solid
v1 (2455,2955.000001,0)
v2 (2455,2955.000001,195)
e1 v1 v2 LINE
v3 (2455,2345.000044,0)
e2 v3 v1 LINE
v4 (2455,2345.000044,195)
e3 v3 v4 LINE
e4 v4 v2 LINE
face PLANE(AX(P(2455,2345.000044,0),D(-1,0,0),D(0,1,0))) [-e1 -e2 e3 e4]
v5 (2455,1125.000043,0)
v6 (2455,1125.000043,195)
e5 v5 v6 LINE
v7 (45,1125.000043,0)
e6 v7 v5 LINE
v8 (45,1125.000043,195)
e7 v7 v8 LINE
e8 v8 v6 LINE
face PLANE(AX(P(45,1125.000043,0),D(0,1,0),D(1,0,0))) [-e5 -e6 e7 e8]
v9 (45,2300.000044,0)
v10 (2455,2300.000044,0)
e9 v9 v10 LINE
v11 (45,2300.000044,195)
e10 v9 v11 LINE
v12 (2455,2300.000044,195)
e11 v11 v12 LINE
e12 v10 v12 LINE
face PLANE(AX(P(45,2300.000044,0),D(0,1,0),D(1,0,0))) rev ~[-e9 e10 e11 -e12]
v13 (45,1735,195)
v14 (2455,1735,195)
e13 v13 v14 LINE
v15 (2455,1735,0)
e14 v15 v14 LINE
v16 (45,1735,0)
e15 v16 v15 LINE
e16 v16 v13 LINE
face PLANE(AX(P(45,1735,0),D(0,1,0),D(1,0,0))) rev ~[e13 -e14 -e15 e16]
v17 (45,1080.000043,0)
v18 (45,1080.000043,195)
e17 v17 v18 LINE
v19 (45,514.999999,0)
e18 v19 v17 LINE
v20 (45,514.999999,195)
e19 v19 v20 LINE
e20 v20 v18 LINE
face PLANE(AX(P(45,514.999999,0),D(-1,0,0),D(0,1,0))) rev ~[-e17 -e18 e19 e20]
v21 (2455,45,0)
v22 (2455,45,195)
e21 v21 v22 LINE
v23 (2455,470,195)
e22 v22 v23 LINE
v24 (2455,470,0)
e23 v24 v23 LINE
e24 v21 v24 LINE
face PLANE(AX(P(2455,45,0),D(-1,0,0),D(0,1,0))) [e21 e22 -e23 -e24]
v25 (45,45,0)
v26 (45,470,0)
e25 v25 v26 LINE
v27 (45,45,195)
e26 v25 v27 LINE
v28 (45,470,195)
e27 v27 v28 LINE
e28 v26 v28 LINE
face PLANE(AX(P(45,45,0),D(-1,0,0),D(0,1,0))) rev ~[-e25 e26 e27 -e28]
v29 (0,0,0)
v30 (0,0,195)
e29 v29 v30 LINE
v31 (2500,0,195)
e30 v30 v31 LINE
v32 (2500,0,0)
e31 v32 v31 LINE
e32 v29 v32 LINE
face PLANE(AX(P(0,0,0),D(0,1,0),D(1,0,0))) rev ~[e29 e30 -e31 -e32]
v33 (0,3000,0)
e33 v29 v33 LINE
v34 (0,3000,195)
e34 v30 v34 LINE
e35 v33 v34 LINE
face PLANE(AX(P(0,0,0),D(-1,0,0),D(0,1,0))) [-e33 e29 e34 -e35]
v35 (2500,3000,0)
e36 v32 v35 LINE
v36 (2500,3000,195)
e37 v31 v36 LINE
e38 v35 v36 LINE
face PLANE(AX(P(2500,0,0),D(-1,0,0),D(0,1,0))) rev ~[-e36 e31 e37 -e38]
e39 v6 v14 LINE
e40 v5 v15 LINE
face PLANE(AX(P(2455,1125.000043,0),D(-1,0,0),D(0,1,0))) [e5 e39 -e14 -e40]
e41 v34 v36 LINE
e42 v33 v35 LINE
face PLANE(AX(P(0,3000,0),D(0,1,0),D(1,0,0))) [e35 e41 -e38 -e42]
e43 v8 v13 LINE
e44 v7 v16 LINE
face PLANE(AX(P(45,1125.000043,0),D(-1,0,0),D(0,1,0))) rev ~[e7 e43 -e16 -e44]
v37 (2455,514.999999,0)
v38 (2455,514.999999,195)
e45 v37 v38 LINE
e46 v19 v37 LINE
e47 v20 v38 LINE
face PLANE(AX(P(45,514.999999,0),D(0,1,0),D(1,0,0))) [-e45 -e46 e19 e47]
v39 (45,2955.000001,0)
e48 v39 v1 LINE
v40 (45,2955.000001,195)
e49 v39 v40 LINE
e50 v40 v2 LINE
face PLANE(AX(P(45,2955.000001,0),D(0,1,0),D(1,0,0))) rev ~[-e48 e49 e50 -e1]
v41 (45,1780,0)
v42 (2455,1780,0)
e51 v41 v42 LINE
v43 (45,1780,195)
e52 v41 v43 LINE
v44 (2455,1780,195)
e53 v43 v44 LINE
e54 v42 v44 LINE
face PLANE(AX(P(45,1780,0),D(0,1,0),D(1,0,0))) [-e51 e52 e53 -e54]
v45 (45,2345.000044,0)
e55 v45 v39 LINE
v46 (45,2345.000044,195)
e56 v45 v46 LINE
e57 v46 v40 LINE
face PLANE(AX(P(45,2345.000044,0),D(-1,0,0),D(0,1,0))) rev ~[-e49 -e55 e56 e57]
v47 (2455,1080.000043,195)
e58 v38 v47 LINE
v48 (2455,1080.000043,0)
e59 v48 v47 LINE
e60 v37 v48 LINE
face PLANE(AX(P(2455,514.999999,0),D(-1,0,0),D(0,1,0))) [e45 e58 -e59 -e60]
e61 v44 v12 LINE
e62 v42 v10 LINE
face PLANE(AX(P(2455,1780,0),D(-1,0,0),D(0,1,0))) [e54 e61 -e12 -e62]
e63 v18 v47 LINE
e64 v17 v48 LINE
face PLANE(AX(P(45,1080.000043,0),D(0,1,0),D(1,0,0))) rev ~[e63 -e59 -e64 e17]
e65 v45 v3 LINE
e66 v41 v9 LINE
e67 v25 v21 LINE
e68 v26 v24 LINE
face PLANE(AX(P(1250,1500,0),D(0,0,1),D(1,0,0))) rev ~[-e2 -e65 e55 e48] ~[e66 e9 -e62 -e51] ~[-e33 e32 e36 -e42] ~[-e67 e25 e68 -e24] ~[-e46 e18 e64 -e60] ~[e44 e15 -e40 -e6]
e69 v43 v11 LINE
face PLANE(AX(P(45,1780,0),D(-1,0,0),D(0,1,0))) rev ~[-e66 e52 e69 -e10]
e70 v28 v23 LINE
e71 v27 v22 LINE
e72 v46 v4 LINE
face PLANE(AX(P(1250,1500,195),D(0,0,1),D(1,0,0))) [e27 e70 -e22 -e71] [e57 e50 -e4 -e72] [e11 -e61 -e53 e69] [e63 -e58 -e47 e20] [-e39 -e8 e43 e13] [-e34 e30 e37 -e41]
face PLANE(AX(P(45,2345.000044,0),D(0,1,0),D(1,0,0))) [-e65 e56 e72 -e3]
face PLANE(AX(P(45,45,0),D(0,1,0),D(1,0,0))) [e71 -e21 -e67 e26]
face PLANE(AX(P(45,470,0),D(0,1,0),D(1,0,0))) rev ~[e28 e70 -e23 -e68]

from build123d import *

# Parameters (mm, degrees)
F0_W     = 2500
F0_H     = 3000
F0_W_2   = 2410
F0_H_2   = 424.999999
F0_H_3   = 565.000044
F0_H_4   = 609.999957
F0_H_5   = 520.000043
F1_DEPTH = 195


with BuildPart() as f1:
    # F0 (on Top) → F1 (new body)
    with BuildSketch(Plane.XY):
        with Locations((1250, 1500)):
            Rectangle(F0_W, F0_H)
        with Locations((1250, 257.5)):
            Rectangle(F0_W_2, F0_H_2, mode=Mode.SUBTRACT)
        with Locations((1250, 797.500021)):
            Rectangle(F0_W_2, F0_H_3, mode=Mode.SUBTRACT)
        with Locations((1250, 1430.000022)):
            Rectangle(F0_W_2, F0_H_4, mode=Mode.SUBTRACT)
        with Locations((1250, 2040.000022)):
            Rectangle(F0_W_2, F0_H_5, mode=Mode.SUBTRACT)
        with Locations((1250, 2650.000022)):
            Rectangle(F0_W_2, F0_H_4, mode=Mode.SUBTRACT)
    extrude(amount=F1_DEPTH)


solid = f1.part
